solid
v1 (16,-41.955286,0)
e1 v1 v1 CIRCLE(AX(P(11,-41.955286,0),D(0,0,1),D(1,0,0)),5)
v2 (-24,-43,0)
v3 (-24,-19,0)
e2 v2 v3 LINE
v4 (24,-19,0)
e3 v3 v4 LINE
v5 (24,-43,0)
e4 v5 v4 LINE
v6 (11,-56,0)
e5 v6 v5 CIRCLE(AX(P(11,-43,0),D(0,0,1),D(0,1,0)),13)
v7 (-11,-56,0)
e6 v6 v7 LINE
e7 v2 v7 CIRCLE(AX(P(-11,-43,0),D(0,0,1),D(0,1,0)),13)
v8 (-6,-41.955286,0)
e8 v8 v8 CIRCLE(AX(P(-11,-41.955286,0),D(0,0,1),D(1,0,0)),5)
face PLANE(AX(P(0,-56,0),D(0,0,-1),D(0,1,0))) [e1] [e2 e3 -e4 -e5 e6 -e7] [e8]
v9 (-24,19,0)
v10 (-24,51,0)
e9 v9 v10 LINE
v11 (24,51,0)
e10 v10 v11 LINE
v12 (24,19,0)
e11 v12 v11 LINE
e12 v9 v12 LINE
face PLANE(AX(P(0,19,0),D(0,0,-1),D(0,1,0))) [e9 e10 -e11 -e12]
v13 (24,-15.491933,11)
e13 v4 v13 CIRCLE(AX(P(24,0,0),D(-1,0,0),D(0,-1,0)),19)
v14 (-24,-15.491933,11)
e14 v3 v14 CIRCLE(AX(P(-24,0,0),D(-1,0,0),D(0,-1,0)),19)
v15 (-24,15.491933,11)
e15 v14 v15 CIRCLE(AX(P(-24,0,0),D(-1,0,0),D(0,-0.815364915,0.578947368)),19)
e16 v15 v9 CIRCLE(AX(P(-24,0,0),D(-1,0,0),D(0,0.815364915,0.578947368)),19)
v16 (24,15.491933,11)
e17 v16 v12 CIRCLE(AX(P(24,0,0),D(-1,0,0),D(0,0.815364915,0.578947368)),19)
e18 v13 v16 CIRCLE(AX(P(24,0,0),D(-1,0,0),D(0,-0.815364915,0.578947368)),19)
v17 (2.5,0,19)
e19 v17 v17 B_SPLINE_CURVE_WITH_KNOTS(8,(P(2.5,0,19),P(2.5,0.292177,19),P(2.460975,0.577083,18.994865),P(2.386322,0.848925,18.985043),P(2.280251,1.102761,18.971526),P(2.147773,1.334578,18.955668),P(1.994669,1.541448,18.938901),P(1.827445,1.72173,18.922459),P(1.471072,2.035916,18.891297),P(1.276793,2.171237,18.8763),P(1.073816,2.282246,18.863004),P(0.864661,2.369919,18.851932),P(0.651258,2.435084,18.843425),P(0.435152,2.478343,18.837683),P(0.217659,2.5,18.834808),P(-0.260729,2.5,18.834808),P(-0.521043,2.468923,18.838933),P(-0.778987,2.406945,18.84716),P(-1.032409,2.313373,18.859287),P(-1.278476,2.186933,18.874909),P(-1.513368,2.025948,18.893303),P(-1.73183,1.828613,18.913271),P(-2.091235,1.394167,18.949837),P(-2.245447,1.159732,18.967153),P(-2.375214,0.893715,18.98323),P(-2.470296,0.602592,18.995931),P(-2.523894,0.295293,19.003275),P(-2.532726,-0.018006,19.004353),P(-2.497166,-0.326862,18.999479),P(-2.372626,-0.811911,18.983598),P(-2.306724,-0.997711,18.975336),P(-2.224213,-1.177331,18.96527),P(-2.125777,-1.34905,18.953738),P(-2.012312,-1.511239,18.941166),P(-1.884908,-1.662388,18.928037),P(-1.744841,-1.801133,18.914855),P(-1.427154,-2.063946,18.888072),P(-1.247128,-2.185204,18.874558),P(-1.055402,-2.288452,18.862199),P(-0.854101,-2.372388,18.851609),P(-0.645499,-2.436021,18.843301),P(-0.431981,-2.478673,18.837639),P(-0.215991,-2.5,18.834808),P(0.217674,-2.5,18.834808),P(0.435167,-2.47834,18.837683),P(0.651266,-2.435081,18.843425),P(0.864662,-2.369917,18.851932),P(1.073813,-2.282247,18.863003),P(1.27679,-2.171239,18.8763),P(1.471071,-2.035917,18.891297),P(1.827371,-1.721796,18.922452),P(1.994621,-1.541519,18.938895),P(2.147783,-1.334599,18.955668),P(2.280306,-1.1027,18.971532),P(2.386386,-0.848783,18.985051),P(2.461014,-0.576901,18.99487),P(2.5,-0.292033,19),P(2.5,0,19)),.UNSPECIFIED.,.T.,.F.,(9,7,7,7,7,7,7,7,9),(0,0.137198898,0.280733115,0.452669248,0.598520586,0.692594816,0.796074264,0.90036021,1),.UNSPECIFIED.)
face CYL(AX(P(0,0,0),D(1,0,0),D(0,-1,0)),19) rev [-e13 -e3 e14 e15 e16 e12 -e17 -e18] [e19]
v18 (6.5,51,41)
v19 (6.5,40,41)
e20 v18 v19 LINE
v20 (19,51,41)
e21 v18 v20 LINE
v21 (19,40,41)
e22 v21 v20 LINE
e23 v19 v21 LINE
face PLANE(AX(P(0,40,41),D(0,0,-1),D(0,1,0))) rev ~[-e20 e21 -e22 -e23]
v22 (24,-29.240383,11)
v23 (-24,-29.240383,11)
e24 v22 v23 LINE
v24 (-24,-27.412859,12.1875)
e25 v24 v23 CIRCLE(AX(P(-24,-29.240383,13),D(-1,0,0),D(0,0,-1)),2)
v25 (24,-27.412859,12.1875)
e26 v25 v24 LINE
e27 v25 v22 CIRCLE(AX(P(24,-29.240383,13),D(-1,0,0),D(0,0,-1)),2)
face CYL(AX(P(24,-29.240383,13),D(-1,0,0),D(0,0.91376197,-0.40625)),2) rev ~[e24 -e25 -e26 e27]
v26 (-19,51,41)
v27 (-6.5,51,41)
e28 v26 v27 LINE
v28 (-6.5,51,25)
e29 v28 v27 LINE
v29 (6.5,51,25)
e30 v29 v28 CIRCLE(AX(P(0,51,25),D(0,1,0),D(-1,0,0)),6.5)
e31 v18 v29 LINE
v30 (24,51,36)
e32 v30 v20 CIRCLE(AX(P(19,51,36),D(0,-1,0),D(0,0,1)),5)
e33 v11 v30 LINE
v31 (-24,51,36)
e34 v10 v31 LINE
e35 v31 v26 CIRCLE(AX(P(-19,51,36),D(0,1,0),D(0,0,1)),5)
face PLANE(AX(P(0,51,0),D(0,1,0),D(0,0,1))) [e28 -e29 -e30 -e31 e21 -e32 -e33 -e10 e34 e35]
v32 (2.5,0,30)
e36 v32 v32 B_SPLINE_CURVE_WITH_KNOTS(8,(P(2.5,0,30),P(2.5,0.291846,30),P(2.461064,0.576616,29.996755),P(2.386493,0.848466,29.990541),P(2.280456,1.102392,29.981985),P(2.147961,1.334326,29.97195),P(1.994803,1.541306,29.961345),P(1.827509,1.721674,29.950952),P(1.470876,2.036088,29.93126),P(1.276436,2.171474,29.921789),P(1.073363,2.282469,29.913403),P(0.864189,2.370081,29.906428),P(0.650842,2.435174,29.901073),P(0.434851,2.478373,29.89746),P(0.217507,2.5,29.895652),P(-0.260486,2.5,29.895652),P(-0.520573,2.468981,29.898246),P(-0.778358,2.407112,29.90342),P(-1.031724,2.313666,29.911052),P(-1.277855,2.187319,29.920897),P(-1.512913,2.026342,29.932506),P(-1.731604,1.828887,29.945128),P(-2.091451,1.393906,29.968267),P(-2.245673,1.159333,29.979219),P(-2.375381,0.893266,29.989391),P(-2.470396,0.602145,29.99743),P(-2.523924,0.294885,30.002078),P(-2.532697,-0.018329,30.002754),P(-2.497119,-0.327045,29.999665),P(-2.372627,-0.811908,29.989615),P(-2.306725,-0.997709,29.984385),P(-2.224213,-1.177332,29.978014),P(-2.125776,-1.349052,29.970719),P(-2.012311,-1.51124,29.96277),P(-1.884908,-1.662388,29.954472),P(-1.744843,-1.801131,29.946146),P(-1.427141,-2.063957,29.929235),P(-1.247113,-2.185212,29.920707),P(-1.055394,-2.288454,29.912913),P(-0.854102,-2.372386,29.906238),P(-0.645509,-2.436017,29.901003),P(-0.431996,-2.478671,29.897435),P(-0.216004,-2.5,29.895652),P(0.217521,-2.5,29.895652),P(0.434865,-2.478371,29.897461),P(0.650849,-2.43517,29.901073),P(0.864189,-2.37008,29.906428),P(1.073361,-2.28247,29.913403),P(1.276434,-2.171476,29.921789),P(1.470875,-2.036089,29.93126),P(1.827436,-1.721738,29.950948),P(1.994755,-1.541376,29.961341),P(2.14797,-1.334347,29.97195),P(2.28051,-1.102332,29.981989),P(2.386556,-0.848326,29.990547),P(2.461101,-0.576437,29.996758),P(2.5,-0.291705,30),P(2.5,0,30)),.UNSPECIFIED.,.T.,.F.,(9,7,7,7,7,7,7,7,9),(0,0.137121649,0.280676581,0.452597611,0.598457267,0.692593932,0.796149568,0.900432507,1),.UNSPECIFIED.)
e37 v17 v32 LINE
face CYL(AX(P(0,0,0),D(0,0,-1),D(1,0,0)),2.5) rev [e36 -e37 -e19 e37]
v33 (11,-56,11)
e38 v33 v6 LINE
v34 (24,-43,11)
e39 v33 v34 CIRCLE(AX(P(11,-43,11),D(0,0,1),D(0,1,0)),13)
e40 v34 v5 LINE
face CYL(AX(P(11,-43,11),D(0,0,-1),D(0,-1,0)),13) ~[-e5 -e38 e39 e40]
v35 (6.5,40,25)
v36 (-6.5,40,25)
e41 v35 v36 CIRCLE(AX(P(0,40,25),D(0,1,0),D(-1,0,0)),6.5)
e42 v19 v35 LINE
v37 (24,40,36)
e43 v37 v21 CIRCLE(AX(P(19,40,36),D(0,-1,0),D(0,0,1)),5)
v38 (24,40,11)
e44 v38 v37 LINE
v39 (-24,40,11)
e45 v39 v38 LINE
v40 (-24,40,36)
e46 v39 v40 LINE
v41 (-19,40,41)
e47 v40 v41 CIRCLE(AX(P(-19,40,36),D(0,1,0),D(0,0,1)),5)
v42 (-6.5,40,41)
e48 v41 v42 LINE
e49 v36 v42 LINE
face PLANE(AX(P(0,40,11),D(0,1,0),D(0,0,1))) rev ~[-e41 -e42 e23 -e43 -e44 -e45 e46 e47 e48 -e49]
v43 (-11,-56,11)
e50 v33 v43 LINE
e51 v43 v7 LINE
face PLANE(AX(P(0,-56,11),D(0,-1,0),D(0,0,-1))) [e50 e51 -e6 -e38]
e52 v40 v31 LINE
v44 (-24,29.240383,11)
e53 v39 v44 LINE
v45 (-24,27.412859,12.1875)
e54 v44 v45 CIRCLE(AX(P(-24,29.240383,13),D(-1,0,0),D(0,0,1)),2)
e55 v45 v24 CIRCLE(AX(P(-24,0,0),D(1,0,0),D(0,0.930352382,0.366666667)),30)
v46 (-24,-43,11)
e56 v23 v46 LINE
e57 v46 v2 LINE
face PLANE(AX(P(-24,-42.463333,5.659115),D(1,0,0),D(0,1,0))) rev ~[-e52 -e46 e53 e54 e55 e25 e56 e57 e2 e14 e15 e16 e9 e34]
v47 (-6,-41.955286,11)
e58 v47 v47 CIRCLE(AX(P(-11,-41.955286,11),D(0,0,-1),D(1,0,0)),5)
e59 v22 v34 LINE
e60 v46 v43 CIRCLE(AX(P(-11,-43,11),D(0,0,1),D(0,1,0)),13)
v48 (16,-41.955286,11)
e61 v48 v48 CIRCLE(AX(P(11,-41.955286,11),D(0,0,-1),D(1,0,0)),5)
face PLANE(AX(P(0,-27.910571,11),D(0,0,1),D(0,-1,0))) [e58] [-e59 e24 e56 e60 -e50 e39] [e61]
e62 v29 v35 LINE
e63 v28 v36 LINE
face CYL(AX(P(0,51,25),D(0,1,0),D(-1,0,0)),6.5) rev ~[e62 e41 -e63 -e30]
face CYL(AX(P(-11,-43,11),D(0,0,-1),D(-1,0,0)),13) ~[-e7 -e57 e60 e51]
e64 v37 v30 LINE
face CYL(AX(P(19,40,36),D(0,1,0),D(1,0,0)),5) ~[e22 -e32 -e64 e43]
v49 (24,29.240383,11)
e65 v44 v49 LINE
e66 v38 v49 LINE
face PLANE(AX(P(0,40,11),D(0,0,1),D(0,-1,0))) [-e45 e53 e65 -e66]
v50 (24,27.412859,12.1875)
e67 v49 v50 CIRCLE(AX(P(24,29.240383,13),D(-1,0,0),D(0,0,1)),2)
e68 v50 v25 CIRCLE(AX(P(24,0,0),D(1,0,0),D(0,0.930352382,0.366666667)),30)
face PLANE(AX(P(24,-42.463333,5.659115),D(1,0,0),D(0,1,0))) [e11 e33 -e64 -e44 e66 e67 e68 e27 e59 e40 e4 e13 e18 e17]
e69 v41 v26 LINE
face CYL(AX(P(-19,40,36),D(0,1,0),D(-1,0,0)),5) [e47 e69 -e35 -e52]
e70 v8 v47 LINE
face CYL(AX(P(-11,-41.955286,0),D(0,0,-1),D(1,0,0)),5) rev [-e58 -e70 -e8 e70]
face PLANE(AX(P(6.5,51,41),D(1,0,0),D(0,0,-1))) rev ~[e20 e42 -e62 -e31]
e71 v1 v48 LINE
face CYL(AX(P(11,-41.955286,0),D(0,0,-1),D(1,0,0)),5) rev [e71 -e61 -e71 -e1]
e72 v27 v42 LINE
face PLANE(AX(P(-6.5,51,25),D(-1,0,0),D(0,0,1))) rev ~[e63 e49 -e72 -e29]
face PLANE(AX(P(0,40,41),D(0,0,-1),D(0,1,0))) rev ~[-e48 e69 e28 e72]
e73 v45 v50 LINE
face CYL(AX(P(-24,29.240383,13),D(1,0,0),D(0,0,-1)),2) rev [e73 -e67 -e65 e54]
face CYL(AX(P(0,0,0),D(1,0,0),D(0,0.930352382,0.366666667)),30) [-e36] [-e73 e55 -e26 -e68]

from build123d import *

# Parameters (mm, degrees)
F0_W     = 11
F0_H     = 30
F1_DEPTH = 24
F3_DEPTH = 11
F4_R     = 2.5
F4_R_2   = 5
F5_DEPTH = 41.001
F6_R     = 13
F7_R     = 5
F8_R     = 2


with BuildPart() as f1:
    # F0 (on Right) → F1 (new body, symmetric)
    with BuildSketch(Plane.YZ):
        with BuildLine():
            Line((-56, 0), (-30, 0))
            ThreePointArc((-30, 0), (-29.4730143031, 5.5983415304), (-27.9105714739, 11))
            Line((-27.9105714739, 11), (-56, 11))
            Line((-56, 11), (-56, 0))
        make_face()
        with BuildLine():
            Line((-30, 0), (-19, 0))
            ThreePointArc((-19, 0), (-18.1017503893, 5.7729223833), (-15.4919333848, 11))
            Line((-15.4919333848, 11), (-27.9105714739, 11))
            ThreePointArc((-27.9105714739, 11), (-29.4730143031, 5.5983415304), (-30, 0))
        make_face()
        with BuildLine():
            ThreePointArc((15.4919333848, 11), (18.1017503893, 5.7729223833), (19, 0))
            Line((19, 0), (30, 0))
            ThreePointArc((30, 0), (29.4730143031, 5.5983415304), (27.9105714739, 11))
            Line((27.9105714739, 11), (15.4919333848, 11))
        make_face()
        with BuildLine():
            ThreePointArc((-15.4919333848, 11), (0, 19), (15.4919333848, 11))
            Line((15.4919333848, 11), (27.9105714739, 11))
            ThreePointArc((27.9105714739, 11), (0, 30), (-27.9105714739, 11))
            Line((-27.9105714739, 11), (-15.4919333848, 11))
        make_face()
        with BuildLine():
            ThreePointArc((27.9105714739, 11), (29.4730143031, 5.5983415304), (30, 0))
            Line((30, 0), (51, 0))
            Line((51, 0), (51, 11))
            Line((51, 11), (40, 11))
            Line((40, 11), (27.9105714739, 11))
        make_face()
        with Locations((45.5, 26)):
            Rectangle(F0_W, F0_H)
    extrude(amount=F1_DEPTH, both=True)

    # F2 (on face) → F3 (cut, through all)
    with BuildSketch(Plane(origin=(0, 51, 0), x_dir=(-1, 0, 0), z_dir=(0, 1, 0))):
        with BuildLine():
            ThreePointArc((-6.5, 25), (0, 18.5), (6.5, 25))
            ThreePointArc((6.5, 25), (0, 31.5), (-6.5, 25))
        make_face()
        with BuildLine():
            ThreePointArc((-6.5, 25), (0, 31.5), (6.5, 25))
            Line((6.5, 25), (6.5, 41))
            Line((6.5, 41), (-6.5, 41))
            Line((-6.5, 41), (-6.5, 25))
        make_face()
    extrude(amount=-F3_DEPTH, mode=Mode.SUBTRACT)

    # F4 (on Top) → F5 (cut, through all)
    with BuildSketch(Plane.XY):
        Circle(F4_R)
        with Locations((-11, -41.955285737)):
            Circle(F4_R_2)
        with Locations((11, -41.955285737)):
            Circle(F4_R_2)
    extrude(amount=F5_DEPTH, mode=Mode.SUBTRACT)

    # F6
    f6_edges = [f1.edges().sort_by_distance(p)[0] for p in [
        (24, -56, 5.5),
        (-24, -56, 5.5),
    ]]
    fillet(f6_edges, radius=F6_R)

    # F7
    f7_edges = [f1.edges().sort_by_distance(p)[0] for p in [
        (24, 45.5, 41),
        (-24, 45.5, 41),
    ]]
    fillet(f7_edges, radius=F7_R)

    # F8
    f8_edges = [f1.edges().sort_by_distance(p)[0] for p in [
        (0, -27.910571, 11),
        (0, 27.910571, 11),
    ]]
    fillet(f8_edges, radius=F8_R)


solid = f1.part
